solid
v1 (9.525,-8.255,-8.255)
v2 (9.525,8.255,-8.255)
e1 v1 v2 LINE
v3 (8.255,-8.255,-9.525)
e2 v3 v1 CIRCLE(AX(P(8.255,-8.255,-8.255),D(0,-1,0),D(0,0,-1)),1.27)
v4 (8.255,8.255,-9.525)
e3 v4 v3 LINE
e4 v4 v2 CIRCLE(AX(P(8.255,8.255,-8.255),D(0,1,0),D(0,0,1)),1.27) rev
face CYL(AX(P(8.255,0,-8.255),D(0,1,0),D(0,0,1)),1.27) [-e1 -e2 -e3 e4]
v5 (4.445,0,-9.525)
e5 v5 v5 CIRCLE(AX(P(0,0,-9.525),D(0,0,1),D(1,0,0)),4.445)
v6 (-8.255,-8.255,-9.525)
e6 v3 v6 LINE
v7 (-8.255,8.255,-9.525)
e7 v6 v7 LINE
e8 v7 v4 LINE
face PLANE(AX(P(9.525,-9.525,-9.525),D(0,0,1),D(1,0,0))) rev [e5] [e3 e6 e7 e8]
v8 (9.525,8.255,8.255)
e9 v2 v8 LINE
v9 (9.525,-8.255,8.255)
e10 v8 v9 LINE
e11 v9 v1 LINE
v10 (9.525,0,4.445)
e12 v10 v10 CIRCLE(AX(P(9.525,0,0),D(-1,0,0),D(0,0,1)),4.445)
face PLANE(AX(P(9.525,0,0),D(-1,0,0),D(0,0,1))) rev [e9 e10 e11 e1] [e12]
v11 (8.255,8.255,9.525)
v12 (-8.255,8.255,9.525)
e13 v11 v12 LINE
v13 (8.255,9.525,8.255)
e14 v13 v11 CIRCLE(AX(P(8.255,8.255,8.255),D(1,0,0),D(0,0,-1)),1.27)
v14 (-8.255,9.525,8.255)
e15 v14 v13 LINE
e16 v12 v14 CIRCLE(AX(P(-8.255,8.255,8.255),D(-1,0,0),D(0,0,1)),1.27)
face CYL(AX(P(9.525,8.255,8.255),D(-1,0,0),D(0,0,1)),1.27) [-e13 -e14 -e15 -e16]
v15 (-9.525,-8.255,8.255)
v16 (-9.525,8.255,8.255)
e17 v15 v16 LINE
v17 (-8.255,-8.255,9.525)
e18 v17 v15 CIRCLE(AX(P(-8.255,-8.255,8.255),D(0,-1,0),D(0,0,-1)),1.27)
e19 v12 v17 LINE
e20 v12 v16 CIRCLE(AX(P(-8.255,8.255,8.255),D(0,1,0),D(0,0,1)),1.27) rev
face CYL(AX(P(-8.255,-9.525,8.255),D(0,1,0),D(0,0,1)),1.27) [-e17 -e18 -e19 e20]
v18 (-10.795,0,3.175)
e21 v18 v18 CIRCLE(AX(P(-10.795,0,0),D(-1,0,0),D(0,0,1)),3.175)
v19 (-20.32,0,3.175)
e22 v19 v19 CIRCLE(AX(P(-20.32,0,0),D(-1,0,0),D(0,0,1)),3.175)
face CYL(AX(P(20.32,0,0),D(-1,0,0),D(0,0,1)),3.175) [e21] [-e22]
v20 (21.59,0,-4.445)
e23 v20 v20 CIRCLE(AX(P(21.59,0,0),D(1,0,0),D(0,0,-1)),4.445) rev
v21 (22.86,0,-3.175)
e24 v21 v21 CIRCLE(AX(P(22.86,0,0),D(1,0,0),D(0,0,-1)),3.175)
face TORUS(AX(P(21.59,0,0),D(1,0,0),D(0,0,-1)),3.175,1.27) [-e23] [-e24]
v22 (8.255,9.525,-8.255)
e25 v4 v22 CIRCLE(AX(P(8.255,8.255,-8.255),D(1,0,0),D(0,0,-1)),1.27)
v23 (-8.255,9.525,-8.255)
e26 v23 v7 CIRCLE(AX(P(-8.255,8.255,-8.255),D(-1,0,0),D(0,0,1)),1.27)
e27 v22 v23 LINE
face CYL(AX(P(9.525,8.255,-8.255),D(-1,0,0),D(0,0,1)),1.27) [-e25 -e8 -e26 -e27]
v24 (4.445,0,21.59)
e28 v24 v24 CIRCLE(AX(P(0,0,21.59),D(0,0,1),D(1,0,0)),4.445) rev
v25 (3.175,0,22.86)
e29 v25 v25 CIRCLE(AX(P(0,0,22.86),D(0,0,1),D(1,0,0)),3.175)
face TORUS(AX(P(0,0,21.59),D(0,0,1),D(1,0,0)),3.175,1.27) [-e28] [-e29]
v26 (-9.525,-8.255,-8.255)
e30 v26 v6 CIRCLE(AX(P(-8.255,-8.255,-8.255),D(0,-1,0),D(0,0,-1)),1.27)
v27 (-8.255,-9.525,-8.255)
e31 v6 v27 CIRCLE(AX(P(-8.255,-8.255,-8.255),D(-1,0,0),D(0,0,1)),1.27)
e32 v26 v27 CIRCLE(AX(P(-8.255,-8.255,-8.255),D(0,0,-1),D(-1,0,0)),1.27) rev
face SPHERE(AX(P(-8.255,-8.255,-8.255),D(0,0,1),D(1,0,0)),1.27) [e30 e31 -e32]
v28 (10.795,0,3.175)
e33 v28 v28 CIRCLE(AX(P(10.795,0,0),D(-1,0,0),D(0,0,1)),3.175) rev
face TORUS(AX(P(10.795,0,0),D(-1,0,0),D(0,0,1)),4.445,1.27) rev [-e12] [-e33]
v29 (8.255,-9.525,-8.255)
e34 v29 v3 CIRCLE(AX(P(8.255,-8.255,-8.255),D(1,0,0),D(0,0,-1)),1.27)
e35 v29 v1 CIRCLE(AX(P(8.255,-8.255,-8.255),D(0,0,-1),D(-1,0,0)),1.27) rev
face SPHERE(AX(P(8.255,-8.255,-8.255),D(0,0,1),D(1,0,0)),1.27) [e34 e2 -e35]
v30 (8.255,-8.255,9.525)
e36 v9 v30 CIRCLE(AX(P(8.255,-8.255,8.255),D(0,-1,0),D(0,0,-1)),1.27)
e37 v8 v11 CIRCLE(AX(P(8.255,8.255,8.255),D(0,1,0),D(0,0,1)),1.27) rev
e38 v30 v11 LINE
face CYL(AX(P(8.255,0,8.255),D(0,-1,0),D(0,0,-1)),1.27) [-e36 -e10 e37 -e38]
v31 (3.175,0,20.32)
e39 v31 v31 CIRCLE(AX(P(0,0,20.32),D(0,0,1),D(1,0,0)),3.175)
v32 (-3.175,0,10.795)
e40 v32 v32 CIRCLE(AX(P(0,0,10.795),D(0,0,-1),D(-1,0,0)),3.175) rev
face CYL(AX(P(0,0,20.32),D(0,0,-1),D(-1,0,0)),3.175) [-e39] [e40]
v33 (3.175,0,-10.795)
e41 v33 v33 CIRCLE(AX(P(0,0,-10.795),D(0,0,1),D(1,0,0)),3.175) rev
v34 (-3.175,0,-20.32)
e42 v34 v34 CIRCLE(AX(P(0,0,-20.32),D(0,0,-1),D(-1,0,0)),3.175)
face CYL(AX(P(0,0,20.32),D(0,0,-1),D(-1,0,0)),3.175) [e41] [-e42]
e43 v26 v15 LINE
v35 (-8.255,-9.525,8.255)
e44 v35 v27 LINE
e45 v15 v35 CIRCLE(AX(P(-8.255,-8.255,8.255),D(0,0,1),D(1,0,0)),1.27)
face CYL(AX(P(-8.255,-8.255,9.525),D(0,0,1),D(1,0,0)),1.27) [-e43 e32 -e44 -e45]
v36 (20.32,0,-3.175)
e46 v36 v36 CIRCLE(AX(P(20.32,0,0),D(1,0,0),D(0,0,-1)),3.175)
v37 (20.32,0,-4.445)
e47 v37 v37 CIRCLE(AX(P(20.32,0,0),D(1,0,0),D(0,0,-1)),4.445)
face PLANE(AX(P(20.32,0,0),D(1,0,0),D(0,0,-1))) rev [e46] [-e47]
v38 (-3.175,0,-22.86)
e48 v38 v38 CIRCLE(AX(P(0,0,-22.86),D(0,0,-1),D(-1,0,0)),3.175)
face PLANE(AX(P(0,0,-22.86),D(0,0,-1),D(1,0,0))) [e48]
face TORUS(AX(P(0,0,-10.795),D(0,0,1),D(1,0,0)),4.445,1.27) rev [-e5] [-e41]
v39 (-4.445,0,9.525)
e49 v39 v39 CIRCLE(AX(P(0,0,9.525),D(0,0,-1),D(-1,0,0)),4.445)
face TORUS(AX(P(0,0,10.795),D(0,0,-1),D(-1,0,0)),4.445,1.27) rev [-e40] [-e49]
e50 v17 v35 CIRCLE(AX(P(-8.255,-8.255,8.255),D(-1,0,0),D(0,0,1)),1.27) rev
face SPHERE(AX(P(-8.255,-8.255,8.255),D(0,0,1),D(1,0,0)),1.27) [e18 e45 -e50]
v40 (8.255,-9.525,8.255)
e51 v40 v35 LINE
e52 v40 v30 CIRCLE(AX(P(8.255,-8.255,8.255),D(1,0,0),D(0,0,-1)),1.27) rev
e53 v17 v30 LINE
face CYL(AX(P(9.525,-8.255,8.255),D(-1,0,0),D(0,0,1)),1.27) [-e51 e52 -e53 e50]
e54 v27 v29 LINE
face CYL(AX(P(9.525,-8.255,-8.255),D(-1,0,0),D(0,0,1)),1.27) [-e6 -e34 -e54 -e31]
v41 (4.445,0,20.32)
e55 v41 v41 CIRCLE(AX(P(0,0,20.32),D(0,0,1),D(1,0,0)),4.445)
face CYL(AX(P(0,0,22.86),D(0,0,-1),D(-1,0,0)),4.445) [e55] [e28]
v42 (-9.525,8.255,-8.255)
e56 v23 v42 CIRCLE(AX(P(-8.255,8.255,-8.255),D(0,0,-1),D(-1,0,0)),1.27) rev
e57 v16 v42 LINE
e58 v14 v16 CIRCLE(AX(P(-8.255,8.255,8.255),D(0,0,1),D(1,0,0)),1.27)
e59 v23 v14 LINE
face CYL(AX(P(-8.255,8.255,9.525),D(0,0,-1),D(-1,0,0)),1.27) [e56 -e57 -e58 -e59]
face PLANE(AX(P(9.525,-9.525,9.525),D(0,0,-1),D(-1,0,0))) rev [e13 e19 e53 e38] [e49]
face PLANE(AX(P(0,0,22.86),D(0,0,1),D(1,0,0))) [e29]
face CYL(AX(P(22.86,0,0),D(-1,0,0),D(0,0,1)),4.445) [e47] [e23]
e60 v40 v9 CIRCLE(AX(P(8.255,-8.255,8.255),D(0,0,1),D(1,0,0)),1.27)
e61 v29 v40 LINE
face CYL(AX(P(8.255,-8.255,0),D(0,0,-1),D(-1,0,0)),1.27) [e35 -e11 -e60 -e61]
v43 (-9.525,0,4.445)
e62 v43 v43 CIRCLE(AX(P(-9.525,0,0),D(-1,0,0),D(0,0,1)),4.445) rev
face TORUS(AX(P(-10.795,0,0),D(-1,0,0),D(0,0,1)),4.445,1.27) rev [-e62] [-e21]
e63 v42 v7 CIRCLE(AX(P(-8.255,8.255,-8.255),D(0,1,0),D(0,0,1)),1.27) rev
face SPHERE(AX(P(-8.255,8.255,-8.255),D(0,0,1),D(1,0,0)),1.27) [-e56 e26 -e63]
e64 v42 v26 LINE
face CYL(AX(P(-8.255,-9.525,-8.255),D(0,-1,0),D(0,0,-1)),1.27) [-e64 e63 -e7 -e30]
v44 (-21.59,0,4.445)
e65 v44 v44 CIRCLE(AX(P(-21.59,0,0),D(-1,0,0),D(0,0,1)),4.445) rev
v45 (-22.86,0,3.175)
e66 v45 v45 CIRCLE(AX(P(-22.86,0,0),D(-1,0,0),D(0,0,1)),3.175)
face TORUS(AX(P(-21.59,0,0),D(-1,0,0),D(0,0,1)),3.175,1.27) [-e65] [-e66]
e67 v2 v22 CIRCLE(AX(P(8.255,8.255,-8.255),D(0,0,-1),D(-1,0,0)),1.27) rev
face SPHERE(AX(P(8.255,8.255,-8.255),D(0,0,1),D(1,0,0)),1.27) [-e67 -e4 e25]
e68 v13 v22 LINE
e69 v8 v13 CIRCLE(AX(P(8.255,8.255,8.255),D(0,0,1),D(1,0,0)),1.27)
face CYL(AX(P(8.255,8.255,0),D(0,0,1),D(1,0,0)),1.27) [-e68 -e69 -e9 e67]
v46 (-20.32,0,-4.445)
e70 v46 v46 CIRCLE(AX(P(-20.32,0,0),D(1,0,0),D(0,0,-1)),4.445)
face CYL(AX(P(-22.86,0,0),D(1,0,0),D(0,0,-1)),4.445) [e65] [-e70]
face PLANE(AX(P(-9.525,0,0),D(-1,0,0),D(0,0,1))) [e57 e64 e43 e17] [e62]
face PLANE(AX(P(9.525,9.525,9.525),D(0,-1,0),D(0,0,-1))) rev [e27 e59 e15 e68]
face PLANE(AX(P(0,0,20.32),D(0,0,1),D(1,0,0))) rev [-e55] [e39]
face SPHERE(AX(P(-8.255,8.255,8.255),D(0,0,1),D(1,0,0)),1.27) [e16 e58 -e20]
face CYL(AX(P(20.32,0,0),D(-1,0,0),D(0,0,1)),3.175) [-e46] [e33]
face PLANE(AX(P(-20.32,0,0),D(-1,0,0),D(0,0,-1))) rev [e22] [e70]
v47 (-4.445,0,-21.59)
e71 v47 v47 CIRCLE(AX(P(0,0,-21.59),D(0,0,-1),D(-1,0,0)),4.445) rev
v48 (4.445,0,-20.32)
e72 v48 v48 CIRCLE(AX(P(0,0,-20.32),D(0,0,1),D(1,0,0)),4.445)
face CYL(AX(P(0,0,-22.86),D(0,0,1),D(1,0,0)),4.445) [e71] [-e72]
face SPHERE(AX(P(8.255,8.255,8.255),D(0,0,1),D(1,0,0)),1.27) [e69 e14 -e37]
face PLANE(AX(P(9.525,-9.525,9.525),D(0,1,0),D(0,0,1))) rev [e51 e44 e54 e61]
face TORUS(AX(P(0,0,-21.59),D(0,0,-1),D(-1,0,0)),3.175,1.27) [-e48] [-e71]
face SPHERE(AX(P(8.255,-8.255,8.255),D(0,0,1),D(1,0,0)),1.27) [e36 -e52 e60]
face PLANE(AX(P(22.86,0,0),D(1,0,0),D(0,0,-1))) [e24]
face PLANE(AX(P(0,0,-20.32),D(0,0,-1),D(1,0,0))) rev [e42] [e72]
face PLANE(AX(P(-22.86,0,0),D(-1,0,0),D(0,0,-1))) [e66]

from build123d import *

# Parameters (mm, degrees)
SKETCH1_R            = 3.175
BOSS_EXTRUDE1_DEPTH  = 20.32
SKETCH2_R            = 4.445
BOSS_EXTRUDE2_DEPTH  = 2.54
FILLET1_R            = 1.27
FILLET1_OF_MIRROR1_R = 1.27
SKETCH3_R            = 3.175
BOSS_EXTRUDE3_DEPTH  = 20.32
SKETCH4_R            = 4.445
BOSS_EXTRUDE4_DEPTH  = 2.54
FILLET2_R            = 1.27
FILLET2_OF_MIRROR2_R = 1.27
SKETCH5_W            = 19.05
SKETCH5_H            = 19.05
BOSS_EXTRUDE5_DEPTH  = 9.525
FILLET3_R            = 1.27


with BuildPart() as part:
    # Sketch1 → Boss-Extrude1 (new body, symmetric)
    with BuildSketch(Plane.XY):
        Circle(SKETCH1_R)
    extrude(amount=BOSS_EXTRUDE1_DEPTH, both=True)

    # Sketch2 → Boss-Extrude2 (add)
    with BuildSketch(Plane.XY.offset(20.32)):
        Circle(SKETCH2_R)
    boss_extrude2 = extrude(amount=BOSS_EXTRUDE2_DEPTH)

    # Fillet1
    fillet1_edges = [part.edges().sort_by_distance(p)[0] for p in [
        (-4.445, 0, 22.86),
    ]]
    fillet(fillet1_edges, radius=FILLET1_R)

    # Mirror1: Boss-Extrude2 across plane
    add(boss_extrude2.mirror(Plane.XY))

    # Fillet1 of Mirror1
    fillet1_of_mirror1_edges = [part.edges().sort_by_distance(p)[0] for p in [
        (-4.445, 0, -22.86),
    ]]
    fillet(fillet1_of_mirror1_edges, radius=FILLET1_OF_MIRROR1_R)

    # Sketch3 → Boss-Extrude3 (add, symmetric)
    with BuildSketch(Plane(origin=(0, 0, 0), x_dir=(0, 0, -1), z_dir=(1, 0, 0))):
        Circle(SKETCH3_R)
    extrude(amount=BOSS_EXTRUDE3_DEPTH, both=True)

    # Sketch4 → Boss-Extrude4 (add)
    with BuildSketch(Plane(origin=(20.32, 0, 0), x_dir=(0, 0, -1), z_dir=(1, 0, 0))):
        Circle(SKETCH4_R)
    boss_extrude4 = extrude(amount=BOSS_EXTRUDE4_DEPTH)

    # Fillet2
    fillet2_edges = [part.edges().sort_by_distance(p)[0] for p in [
        (22.86, 0, 4.445),
    ]]
    fillet(fillet2_edges, radius=FILLET2_R)

    # Mirror2: Boss-Extrude4 across plane
    add(boss_extrude4.mirror(Plane(origin=(0, 0, 0), x_dir=(0, 0, 1), z_dir=(1, 0, 0))))

    # Fillet2 of Mirror2
    fillet2_of_mirror2_edges = [part.edges().sort_by_distance(p)[0] for p in [
        (-22.86, 0, 4.445),
    ]]
    fillet(fillet2_of_mirror2_edges, radius=FILLET2_OF_MIRROR2_R)

    # Sketch5 → Boss-Extrude5 (add, symmetric)
    with BuildSketch(Plane(origin=(0, 0, 0), x_dir=(0, 0, -1), z_dir=(1, 0, 0))):
        Rectangle(SKETCH5_W, SKETCH5_H)
    extrude(amount=BOSS_EXTRUDE5_DEPTH, both=True)

    # Fillet3
    fillet3_edges = [part.edges().sort_by_distance(p)[0] for p in [
        (9.525, 0, 3.175),
        (-3.175, 0, -9.525),
        (-3.175, 0, 9.525),
        (-9.525, 0, 9.525),
        (0, 9.525, 9.525),
        (-9.525, 0, -9.525),
        (0, -9.525, -9.525),
        (9.525, 0, -9.525),
        (9.525, 9.525, 0),
        (9.525, 0, 9.525),
        (9.525, -9.525, 0),
        (-9.525, 9.525, 0),
        (0, 9.525, -9.525),
        (-9.525, -9.525, 0),
        (0, -9.525, 9.525),
        (-9.525, 0, 3.175),
    ]]
    fillet(fillet3_edges, radius=FILLET3_R)


solid = part.part
